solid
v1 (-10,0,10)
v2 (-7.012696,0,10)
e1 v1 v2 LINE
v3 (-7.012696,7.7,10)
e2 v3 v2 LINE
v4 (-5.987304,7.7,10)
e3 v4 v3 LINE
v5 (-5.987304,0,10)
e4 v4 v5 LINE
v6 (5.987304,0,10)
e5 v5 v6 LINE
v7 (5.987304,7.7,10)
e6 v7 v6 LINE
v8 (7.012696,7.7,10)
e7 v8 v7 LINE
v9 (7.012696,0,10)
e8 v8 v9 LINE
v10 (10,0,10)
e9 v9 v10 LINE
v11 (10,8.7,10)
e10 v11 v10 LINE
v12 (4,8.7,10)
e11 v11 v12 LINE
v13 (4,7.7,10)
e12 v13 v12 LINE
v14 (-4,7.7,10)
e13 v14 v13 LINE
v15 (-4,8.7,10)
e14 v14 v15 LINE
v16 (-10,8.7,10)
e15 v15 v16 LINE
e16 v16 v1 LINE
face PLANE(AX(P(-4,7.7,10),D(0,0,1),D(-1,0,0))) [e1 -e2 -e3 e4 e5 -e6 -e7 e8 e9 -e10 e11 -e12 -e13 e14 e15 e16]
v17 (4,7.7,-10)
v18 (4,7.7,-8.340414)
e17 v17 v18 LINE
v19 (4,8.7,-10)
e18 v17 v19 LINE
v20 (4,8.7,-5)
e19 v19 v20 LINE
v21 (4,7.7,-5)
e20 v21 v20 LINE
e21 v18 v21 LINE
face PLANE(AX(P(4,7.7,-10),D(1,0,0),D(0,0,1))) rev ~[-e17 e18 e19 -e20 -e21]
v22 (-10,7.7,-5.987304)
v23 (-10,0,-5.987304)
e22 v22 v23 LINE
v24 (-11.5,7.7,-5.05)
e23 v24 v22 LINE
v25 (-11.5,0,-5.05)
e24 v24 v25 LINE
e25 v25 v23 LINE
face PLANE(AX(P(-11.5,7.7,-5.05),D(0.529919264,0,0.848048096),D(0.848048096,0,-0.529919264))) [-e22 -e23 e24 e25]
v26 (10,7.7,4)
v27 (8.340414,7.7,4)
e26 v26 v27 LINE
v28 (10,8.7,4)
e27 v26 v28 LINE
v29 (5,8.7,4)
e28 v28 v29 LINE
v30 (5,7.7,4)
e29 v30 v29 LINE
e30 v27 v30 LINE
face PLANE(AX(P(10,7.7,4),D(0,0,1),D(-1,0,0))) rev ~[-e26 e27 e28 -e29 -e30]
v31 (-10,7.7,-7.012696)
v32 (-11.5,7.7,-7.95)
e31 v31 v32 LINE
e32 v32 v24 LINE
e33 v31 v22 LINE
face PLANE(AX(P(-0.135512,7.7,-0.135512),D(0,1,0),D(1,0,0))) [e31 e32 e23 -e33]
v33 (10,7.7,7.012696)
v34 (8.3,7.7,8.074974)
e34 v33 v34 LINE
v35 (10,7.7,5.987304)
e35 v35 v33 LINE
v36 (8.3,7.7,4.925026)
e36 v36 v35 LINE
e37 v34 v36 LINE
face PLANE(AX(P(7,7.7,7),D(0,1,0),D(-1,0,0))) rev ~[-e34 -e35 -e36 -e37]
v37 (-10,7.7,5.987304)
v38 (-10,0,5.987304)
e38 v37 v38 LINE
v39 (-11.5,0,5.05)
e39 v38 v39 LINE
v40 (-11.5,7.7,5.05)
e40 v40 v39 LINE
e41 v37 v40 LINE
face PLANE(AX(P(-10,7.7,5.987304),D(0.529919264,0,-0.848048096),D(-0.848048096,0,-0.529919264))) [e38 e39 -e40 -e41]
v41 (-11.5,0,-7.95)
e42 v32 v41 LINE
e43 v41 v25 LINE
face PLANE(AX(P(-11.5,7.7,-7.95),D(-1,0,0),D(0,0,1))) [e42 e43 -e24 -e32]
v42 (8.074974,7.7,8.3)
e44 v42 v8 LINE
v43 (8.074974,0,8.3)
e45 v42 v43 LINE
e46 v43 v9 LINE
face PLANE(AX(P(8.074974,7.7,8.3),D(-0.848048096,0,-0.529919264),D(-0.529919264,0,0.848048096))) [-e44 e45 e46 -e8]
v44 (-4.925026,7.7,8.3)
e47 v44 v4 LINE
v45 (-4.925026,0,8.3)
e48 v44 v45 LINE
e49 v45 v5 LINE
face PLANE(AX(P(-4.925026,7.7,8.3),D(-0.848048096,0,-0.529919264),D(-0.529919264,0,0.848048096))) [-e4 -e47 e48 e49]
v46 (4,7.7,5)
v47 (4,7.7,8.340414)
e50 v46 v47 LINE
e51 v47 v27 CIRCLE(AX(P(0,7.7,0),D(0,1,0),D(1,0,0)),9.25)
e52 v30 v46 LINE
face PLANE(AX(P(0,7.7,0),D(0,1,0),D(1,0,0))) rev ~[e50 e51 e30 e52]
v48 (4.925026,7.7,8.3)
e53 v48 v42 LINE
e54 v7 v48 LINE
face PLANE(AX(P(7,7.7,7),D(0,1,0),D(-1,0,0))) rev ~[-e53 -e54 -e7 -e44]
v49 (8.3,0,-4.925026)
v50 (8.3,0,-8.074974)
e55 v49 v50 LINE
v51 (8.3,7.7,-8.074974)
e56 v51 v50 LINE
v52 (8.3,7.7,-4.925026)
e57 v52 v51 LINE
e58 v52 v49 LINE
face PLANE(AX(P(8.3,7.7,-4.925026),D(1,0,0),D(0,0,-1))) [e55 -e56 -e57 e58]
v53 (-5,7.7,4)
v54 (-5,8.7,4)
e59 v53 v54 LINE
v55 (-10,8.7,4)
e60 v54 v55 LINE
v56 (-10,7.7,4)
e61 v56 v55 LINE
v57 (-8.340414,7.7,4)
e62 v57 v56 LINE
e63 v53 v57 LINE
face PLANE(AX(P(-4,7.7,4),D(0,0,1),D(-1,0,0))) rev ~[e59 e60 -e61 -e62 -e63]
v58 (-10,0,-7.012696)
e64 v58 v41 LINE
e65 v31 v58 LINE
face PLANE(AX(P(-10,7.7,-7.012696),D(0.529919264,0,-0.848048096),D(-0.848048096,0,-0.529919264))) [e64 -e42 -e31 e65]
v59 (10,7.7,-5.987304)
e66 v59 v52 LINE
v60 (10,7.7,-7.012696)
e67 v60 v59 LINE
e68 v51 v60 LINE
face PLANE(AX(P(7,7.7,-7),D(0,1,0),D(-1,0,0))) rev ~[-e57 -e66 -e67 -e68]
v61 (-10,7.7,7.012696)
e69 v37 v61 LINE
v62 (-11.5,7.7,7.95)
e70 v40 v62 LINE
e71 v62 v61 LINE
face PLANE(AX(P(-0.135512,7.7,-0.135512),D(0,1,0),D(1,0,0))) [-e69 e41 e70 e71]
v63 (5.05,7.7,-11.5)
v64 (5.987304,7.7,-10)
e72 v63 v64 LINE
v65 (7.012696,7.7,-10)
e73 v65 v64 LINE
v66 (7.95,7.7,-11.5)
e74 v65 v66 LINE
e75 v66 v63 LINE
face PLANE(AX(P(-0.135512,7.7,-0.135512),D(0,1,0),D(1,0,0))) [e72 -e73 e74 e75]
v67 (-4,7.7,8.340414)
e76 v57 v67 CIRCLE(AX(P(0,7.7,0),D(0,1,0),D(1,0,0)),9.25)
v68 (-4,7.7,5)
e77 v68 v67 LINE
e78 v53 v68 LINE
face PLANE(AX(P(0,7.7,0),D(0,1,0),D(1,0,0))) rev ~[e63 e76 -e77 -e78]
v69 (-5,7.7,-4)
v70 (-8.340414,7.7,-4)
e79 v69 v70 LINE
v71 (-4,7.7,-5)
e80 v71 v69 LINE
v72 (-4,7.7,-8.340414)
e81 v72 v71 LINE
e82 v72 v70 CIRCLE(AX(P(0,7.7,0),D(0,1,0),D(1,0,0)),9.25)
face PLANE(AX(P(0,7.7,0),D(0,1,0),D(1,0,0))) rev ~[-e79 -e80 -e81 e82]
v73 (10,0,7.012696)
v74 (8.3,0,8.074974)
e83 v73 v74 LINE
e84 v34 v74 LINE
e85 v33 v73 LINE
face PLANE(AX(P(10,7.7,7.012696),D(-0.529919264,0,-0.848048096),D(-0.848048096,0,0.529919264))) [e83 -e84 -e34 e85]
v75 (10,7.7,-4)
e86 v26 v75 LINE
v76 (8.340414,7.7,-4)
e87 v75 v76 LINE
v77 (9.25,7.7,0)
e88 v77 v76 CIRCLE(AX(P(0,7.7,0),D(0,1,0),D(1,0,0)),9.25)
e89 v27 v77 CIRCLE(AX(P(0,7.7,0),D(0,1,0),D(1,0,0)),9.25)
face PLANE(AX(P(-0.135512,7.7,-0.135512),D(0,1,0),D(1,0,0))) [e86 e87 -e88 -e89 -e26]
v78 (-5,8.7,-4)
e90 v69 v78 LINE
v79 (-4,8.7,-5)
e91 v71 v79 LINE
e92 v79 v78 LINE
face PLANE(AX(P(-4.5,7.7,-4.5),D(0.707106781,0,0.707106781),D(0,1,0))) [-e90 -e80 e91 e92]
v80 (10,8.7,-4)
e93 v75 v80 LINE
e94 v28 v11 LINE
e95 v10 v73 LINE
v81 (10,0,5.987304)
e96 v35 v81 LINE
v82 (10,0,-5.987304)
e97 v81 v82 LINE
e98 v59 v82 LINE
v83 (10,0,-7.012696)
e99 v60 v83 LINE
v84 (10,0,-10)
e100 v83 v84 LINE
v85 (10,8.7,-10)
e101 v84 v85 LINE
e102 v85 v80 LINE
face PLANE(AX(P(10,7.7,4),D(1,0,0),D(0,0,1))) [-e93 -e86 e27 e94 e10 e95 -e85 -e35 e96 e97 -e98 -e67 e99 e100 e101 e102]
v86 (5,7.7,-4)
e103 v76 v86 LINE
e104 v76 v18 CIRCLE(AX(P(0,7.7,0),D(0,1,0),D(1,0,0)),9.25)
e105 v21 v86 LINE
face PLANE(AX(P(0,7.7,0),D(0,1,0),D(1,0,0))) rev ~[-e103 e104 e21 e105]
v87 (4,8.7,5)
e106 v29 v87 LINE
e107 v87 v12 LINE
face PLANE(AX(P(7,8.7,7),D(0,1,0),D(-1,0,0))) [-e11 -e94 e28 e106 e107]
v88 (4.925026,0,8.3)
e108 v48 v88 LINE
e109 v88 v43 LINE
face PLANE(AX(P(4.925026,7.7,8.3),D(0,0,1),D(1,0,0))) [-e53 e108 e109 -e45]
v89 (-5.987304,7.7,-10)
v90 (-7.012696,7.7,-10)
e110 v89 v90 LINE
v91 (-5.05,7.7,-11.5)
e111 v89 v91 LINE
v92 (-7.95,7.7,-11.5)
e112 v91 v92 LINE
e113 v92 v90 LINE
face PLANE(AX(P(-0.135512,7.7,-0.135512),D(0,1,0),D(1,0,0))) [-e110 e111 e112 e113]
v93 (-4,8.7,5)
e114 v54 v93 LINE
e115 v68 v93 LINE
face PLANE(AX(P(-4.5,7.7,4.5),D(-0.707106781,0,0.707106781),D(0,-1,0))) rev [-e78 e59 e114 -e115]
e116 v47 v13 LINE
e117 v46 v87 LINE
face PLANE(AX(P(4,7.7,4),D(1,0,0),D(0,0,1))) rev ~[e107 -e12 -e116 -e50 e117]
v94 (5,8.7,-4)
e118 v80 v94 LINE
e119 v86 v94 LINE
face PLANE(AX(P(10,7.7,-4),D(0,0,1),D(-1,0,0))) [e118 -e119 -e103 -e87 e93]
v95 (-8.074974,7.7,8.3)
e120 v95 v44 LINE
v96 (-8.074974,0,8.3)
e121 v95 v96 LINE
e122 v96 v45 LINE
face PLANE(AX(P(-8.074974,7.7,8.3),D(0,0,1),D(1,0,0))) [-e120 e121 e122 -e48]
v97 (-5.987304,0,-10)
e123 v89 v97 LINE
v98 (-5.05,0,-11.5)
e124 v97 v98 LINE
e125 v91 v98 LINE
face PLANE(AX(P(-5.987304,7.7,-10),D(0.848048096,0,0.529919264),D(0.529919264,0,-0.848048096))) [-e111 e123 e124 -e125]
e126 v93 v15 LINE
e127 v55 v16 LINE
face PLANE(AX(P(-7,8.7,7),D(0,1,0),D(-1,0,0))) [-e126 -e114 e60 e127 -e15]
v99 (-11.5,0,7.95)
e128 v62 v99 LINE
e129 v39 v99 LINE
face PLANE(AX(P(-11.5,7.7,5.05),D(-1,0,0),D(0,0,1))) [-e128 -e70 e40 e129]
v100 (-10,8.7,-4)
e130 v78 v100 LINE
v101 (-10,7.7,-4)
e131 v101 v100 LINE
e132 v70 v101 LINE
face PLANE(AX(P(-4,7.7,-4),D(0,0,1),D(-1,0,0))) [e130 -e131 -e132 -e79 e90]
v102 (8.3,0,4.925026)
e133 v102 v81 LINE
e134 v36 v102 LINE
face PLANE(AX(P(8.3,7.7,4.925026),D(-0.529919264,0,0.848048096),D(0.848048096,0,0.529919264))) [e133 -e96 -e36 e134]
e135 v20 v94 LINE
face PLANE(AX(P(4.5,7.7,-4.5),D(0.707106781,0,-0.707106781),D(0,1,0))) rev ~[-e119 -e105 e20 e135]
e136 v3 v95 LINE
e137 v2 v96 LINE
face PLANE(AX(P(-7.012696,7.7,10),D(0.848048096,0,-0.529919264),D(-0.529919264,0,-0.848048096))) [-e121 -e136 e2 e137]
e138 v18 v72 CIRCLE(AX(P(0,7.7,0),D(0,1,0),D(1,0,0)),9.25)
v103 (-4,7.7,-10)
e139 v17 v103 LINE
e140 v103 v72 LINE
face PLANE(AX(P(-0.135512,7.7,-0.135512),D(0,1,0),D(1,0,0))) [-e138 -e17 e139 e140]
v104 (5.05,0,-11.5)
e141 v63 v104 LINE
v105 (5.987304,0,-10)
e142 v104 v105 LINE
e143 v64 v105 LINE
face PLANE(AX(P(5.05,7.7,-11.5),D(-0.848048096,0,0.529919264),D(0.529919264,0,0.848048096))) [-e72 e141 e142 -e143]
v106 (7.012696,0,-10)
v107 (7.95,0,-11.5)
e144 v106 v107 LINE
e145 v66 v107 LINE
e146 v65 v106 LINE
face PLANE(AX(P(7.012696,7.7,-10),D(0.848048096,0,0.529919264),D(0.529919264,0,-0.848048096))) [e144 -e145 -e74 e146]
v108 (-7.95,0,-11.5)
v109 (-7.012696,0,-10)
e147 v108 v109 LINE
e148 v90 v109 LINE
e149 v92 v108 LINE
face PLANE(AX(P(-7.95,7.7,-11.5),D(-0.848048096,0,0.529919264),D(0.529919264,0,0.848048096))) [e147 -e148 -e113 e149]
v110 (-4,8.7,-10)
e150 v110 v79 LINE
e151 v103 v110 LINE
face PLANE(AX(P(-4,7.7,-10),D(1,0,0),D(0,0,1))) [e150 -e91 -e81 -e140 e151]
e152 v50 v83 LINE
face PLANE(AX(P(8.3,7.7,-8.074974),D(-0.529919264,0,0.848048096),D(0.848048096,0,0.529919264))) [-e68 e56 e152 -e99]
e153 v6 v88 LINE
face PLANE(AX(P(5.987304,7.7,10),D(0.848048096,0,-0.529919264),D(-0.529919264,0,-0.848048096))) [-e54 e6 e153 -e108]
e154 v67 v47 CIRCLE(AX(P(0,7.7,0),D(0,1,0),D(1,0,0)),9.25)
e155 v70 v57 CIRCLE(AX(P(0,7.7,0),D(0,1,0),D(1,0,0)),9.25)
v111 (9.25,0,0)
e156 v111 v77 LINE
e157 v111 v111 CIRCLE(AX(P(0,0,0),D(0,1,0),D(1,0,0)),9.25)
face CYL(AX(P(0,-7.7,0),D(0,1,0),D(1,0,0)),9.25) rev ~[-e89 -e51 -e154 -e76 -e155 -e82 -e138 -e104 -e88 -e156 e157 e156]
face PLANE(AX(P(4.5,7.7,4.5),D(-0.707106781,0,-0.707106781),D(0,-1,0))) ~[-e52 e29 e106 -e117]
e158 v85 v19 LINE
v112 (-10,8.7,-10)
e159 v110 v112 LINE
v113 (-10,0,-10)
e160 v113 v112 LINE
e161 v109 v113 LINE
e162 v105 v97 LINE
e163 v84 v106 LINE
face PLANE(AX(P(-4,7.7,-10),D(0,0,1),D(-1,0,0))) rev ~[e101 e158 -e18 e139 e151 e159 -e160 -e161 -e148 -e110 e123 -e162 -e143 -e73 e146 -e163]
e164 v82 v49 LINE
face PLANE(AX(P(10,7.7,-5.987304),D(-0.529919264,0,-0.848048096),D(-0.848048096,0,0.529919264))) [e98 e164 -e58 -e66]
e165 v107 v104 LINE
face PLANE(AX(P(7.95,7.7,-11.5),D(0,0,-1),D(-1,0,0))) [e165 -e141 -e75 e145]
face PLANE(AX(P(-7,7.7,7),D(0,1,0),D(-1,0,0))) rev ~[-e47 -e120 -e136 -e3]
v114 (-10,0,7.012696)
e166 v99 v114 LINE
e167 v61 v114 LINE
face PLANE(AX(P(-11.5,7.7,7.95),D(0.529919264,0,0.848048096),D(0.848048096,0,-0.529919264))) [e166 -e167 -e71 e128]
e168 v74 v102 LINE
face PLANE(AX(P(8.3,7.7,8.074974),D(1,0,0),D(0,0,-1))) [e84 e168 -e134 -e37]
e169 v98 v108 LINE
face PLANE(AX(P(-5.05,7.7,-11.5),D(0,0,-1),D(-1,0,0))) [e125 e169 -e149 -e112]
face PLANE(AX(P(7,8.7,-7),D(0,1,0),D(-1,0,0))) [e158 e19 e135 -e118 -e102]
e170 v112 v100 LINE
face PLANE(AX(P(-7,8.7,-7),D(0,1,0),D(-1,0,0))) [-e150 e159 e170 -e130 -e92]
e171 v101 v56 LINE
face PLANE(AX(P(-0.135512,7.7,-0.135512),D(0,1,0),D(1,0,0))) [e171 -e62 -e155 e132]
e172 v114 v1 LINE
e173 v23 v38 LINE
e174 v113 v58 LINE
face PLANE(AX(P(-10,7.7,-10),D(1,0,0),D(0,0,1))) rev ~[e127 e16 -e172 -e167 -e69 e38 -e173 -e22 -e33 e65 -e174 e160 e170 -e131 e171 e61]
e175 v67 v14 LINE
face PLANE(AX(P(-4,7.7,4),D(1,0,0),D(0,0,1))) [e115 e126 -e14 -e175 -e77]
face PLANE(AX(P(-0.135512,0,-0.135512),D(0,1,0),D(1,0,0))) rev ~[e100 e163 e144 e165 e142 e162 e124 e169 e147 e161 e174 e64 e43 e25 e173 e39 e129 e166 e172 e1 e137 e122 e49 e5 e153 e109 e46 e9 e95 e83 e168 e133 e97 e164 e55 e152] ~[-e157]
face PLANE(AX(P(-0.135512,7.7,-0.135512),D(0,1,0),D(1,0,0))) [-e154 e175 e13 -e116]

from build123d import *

# Parameters (mm, degrees)
SALIENTE_EXTRUIR1_DEPTH               = 7.7
CROQUIS2_W                            = 6
CROQUIS2_H                            = 6
SALIENTE_EXTRUIR2_DEPTH               = 1
CROQUIS3_W                            = 6
CROQUIS3_H                            = 6
SALIENTE_EXTRUIR3_DEPTH               = 1
CROQUIS4_W                            = 6
CROQUIS4_H                            = 6
SALIENTE_EXTRUIR4_DEPTH               = 1
CROQUIS5_W                            = 6
CROQUIS5_H                            = 6
SALIENTE_EXTRUIR5_DEPTH               = 1
DI_METRO_DE_TALADRO_18_5_18_5_1_D     = 18.5
DI_METRO_DE_TALADRO_18_5_18_5_1_DEPTH = 7.7
CHAFL_N1_SIZE                         = 1


with BuildPart() as part:
    # Croquis1 → Saliente-Extruir1 (new body)
    with BuildSketch(Plane(origin=(0, 7.7, 0), x_dir=(1, 0, 0), z_dir=(0, 1, 0))):
        Polygon((5.987304028, -10), (4.92502613, -8.3), (8.07497387, -8.3), (7.012695972, -10), (10, -10), (10, -7.012695972), (8.3, -8.07497387), (8.3, -4.92502613), (10, -5.987304028), (10, 5.987304028), (8.3, 4.92502613), (8.3, 8.07497387), (10, 7.012695972), (10, 10), (7.012695972, 10), (7.95, 11.5), (5.05, 11.5), (5.987304028, 10), (-5.987304028, 10), (-5.05, 11.5), (-7.95, 11.5), (-7.012695972, 10), (-10, 10), (-10, 7.012695972), (-11.5, 7.95), (-11.5, 5.05), (-10, 5.987304028), (-10, -5.987304028), (-11.5, -5.05), (-11.5, -7.95), (-10, -7.012695972), (-10, -10), (-7.012695972, -10), (-8.07497387, -8.3), (-4.92502613, -8.3), (-5.987304028, -10), align=None)
    extrude(amount=-SALIENTE_EXTRUIR1_DEPTH)

    # Croquis2 → Saliente-Extruir2 (add)
    with BuildSketch(Plane(origin=(0, 7.7, 0), x_dir=(-1, 0, 0), z_dir=(0, 1, 0))):
        with Locations((-7, -7)):
            Rectangle(CROQUIS2_W, CROQUIS2_H)
    extrude(amount=SALIENTE_EXTRUIR2_DEPTH)

    # Croquis3 → Saliente-Extruir3 (add)
    with BuildSketch(Plane(origin=(0, 7.7, 0), x_dir=(-1, 0, 0), z_dir=(0, 1, 0))):
        with Locations((-7, 7)):
            Rectangle(CROQUIS3_W, CROQUIS3_H)
    extrude(amount=SALIENTE_EXTRUIR3_DEPTH)

    # Croquis4 → Saliente-Extruir4 (add)
    with BuildSketch(Plane(origin=(0, 7.7, 0), x_dir=(-1, 0, 0), z_dir=(0, 1, 0))):
        with Locations((7, 7)):
            Rectangle(CROQUIS4_W, CROQUIS4_H)
    extrude(amount=SALIENTE_EXTRUIR4_DEPTH)

    # Croquis5 → Saliente-Extruir5 (add)
    with BuildSketch(Plane(origin=(0, 7.7, 0), x_dir=(-1, 0, 0), z_dir=(0, 1, 0))):
        with Locations((7, -7)):
            Rectangle(CROQUIS5_W, CROQUIS5_H)
    extrude(amount=SALIENTE_EXTRUIR5_DEPTH)

    # Diámetro de taladro Ø18.5 (18.5)1
    with Locations(Plane(origin=(0, 0, 0), x_dir=(-1, 0, 0), z_dir=(0, -1, 0))):
        with Locations((0, 0)):
            Hole(DI_METRO_DE_TALADRO_18_5_18_5_1_D / 2, depth=DI_METRO_DE_TALADRO_18_5_18_5_1_DEPTH)

    # Chaflán1
    chafl_n1_edges = [part.edges().sort_by_distance(p)[0] for p in [
        (4, 8.2, -4),
        (4, 8.2, 4),
        (-4, 8.2, 4),
        (-4, 8.2, -4),
    ]]
    chamfer(chafl_n1_edges, length=CHAFL_N1_SIZE)


solid = part.part
